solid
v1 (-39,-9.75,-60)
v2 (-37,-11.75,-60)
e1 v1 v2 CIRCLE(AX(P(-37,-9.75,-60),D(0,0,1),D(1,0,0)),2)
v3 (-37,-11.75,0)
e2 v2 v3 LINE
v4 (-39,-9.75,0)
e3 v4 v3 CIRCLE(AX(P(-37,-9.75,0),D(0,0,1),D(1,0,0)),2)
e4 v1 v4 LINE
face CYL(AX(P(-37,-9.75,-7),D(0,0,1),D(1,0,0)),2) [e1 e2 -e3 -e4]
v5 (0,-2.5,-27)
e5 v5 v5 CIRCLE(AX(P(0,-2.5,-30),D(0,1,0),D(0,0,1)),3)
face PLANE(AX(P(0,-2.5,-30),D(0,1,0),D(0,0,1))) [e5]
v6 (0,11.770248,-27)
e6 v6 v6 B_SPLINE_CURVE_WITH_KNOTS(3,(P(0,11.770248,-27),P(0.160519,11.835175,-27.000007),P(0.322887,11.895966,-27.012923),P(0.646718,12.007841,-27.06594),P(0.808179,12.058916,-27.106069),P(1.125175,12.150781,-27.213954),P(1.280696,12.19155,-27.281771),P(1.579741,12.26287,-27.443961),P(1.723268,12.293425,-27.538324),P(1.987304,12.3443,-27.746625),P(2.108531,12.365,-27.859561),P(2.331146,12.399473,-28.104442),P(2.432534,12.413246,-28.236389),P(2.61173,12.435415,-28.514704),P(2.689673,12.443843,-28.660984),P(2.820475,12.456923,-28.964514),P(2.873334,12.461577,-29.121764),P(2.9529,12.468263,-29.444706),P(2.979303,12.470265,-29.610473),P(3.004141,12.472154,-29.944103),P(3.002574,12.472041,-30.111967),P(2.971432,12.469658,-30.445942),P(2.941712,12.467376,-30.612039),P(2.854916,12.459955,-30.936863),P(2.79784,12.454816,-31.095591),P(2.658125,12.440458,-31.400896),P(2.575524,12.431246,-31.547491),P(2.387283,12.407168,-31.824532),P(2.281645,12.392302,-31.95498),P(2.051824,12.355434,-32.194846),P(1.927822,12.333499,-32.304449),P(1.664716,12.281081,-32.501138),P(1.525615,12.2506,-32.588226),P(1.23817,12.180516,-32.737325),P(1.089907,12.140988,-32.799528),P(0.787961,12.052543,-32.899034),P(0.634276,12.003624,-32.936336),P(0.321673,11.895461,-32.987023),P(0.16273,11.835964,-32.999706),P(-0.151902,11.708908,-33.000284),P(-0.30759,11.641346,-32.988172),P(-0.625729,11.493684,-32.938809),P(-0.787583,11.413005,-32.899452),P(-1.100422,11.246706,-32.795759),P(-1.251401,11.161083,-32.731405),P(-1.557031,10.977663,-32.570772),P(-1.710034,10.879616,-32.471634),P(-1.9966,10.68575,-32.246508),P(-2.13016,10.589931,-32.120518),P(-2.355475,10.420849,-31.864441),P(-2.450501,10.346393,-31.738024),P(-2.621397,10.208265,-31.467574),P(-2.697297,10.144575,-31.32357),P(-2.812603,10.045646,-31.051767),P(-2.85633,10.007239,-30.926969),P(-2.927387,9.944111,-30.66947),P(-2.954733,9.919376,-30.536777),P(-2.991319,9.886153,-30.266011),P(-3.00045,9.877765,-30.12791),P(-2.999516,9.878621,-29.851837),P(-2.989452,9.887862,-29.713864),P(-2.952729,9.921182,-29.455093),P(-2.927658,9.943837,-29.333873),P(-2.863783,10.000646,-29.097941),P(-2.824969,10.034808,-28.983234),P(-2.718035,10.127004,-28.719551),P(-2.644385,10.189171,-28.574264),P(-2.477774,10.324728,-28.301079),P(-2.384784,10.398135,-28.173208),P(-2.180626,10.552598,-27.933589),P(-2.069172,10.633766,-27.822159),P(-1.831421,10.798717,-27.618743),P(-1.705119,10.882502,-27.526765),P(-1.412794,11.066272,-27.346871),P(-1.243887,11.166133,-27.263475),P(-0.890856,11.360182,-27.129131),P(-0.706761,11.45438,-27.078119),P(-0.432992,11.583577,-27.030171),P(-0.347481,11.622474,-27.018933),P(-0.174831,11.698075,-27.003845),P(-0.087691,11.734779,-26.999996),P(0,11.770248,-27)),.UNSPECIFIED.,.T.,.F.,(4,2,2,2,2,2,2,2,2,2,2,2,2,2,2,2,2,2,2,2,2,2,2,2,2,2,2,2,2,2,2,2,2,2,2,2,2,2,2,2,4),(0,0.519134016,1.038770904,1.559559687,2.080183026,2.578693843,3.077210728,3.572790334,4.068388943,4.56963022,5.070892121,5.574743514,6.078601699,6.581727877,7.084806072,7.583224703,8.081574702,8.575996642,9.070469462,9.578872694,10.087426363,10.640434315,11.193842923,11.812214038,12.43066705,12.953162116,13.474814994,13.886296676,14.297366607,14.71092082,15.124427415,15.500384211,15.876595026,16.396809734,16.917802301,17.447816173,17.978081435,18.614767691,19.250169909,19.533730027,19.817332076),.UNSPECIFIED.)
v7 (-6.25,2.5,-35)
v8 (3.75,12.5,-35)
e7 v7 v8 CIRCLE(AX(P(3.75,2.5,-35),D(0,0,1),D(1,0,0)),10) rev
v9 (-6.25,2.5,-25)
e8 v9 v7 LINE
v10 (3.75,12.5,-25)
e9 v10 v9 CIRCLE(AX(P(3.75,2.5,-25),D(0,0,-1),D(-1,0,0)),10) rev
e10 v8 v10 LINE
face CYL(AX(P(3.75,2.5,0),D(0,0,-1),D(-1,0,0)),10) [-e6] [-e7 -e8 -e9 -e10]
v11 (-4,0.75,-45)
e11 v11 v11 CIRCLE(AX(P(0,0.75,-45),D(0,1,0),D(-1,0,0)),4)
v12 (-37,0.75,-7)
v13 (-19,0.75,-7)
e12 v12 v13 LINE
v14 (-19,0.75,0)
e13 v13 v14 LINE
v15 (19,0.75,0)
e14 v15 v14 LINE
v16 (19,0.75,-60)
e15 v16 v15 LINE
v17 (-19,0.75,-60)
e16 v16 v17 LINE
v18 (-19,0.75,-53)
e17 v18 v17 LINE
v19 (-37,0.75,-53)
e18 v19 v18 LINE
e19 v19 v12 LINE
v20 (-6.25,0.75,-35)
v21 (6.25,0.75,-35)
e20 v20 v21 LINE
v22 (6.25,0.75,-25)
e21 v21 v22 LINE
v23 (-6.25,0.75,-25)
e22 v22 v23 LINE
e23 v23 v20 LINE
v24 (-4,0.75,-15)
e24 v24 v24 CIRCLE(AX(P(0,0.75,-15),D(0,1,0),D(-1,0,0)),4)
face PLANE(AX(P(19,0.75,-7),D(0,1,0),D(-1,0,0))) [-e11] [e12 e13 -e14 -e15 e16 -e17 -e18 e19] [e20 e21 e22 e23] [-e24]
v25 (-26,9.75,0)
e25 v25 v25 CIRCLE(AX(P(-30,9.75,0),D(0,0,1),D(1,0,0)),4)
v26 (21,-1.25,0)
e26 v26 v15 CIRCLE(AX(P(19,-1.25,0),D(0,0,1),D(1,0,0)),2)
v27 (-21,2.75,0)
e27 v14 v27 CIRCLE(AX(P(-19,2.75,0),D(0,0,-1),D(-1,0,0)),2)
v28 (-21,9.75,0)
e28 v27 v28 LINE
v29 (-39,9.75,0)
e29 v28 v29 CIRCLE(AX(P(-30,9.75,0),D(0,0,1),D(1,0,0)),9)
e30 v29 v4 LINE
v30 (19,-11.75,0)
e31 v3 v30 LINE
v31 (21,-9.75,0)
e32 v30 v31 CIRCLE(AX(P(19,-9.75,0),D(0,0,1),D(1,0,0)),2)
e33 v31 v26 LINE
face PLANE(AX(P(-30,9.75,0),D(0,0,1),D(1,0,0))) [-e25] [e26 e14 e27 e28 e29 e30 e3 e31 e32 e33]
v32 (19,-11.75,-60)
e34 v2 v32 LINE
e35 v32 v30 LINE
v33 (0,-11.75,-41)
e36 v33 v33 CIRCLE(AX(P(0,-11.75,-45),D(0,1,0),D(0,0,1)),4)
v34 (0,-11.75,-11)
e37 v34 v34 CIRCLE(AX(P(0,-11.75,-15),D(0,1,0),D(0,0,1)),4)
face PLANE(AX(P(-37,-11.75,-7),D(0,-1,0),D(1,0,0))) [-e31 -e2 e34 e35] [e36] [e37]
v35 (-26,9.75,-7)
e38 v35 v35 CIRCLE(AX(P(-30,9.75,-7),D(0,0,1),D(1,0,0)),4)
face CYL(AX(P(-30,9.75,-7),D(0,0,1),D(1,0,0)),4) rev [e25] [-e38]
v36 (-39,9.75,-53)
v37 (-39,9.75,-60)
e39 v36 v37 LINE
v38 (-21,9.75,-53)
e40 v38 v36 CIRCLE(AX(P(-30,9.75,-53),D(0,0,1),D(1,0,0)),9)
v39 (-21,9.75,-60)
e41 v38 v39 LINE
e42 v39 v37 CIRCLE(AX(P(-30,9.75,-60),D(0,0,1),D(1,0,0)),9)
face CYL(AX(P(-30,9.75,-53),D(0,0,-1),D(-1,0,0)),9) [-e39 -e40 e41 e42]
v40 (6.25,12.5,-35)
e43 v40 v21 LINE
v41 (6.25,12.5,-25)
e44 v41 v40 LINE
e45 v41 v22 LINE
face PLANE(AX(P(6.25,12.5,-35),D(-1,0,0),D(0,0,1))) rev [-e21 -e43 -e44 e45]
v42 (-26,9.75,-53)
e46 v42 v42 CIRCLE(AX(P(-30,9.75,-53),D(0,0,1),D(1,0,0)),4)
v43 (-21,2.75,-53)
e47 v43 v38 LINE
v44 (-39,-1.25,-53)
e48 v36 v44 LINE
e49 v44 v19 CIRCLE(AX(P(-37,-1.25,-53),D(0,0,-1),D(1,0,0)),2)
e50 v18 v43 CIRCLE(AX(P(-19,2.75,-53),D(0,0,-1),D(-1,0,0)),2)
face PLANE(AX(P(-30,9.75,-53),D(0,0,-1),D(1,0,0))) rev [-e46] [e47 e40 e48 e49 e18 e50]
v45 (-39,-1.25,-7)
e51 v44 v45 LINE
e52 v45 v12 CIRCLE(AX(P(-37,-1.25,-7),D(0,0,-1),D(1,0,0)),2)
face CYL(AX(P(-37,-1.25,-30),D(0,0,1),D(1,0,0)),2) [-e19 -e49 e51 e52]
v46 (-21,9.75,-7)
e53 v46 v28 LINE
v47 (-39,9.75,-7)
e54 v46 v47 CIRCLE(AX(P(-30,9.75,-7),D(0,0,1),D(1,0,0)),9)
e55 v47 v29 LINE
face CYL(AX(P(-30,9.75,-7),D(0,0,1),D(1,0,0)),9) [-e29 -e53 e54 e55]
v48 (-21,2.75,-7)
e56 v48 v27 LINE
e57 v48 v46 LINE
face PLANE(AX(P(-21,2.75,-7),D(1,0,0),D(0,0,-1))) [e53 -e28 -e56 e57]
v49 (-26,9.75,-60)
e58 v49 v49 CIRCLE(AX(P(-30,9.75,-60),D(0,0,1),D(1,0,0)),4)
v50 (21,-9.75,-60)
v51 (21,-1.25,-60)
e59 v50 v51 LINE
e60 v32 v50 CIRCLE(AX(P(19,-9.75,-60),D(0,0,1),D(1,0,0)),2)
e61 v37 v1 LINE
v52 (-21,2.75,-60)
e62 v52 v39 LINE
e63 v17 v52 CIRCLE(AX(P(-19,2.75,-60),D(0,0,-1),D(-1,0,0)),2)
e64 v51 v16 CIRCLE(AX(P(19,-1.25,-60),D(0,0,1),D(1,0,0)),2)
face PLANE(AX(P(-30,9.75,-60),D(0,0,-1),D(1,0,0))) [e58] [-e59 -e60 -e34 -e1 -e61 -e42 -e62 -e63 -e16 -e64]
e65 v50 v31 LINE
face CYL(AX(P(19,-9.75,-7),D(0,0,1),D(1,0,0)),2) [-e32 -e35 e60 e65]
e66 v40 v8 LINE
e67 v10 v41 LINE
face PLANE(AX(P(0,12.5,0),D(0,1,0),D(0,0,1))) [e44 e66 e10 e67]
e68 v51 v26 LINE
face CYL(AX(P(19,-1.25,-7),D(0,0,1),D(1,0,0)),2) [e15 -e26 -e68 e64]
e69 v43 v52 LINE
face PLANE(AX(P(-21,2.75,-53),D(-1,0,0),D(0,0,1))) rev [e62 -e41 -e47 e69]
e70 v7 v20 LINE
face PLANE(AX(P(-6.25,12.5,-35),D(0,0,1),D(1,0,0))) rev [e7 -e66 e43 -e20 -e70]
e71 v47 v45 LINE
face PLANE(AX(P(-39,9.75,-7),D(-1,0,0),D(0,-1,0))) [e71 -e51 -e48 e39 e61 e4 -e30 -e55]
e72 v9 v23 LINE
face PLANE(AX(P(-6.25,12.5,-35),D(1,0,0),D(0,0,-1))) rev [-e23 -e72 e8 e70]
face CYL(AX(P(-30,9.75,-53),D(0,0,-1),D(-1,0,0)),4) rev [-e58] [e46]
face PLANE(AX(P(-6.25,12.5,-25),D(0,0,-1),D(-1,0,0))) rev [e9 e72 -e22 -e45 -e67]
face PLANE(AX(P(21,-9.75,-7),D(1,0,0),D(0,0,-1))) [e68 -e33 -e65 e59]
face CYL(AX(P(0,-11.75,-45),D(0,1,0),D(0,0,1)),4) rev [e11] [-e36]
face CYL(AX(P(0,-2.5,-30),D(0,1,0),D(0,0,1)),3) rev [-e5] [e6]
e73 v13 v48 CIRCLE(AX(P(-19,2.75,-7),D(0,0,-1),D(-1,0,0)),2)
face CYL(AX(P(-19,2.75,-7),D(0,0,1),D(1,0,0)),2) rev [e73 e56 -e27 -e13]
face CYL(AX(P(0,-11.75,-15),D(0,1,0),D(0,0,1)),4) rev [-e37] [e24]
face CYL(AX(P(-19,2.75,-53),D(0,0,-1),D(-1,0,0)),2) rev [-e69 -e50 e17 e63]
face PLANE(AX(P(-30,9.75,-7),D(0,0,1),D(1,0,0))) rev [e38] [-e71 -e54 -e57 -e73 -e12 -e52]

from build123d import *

# Parameters (mm, degrees)
SKETCH1_R               = 4
BOSS_EXTRUDE2_DEPTH     = 7
BOSS_EXTRUDE3_DEPTH     = 23
CUT_EXTRUDE1_DEPTH      = 74.976770002
CUT_EXTRUDE1_DEPTH_BACK = 74.976770002
SKETCH5_R               = 4
SKETCH6_W               = 12.5
SKETCH6_H               = 10
BOSS_EXTRUDE4_DEPTH     = 12.5
FILLET1_R               = 10
SKETCH8_R               = 3
CUT_EXTRUDE2_DEPTH      = 15


with BuildPart() as part:
    # Sketch1 → Boss-Extrude2 (new body)
    with BuildSketch(Plane.XY):
        with BuildLine():
            Line((-37, -11.75), (19, -11.75))
            ThreePointArc((19, -11.75), (20.414213562, -11.164213562), (21, -9.75))
            Line((21, -9.75), (21, -1.25))
            ThreePointArc((21, -1.25), (20.414213562, 0.164213562), (19, 0.75))
            Line((19, 0.75), (-19, 0.75))
            ThreePointArc((-19, 0.75), (-20.414213562, 1.335786438), (-21, 2.75))
            Line((-21, 2.75), (-21, 9.75))
            ThreePointArc((-21, 9.75), (-30, 18.75), (-39, 9.75))
            Line((-39, 9.75), (-39, -9.75))
            ThreePointArc((-39, -9.75), (-38.414213562, -11.164213562), (-37, -11.75))
        make_face()
        with Locations((-30, 9.75)):
            Circle(SKETCH1_R, mode=Mode.SUBTRACT)
    boss_extrude2 = extrude(amount=-BOSS_EXTRUDE2_DEPTH)

    # Sketch4 → Boss-Extrude3 (add)
    with BuildSketch(Plane(origin=(0, 0, -7), x_dir=(-1, 0, 0), z_dir=(0, 0, -1))):
        with BuildLine():
            Line((19, 0.75), (37, 0.75))
            ThreePointArc((37, 0.75), (38.414213562, 0.164213562), (39, -1.25))
            Line((39, -1.25), (39, -9.75))
            ThreePointArc((39, -9.75), (38.414213562, -11.164213562), (37, -11.75))
            Line((37, -11.75), (-19, -11.75))
            ThreePointArc((-19, -11.75), (-20.414213562, -11.164213562), (-21, -9.75))
            Line((-21, -9.75), (-21, -1.25))
            ThreePointArc((-21, -1.25), (-20.414213562, 0.164213562), (-19, 0.75))
            Line((-19, 0.75), (19, 0.75))
        make_face()
    boss_extrude3 = extrude(amount=BOSS_EXTRUDE3_DEPTH)

    # Mirror2: Boss-Extrude3 across plane
    add(boss_extrude3.mirror(Plane(origin=(0, 0, -30), x_dir=(1, 0, 0), z_dir=(0, 0, -1))))

    # Mirror3: Boss-Extrude2 across plane
    add(boss_extrude2.mirror(Plane(origin=(0, 0, -30), x_dir=(1, 0, 0), z_dir=(0, 0, -1))))

    # Sketch5 → Cut-Extrude1 (cut, two sides: drawn at the far end of the back side and taken through both)
    with BuildSketch(Plane(origin=(0, 0, 0), x_dir=(1, 0, 0), z_dir=(0, 1, 0)).offset(-CUT_EXTRUDE1_DEPTH_BACK)):
        with Locations(Location((0, 45, 0), (0, 0, 270))):
            Circle(SKETCH5_R)
        with Locations(Location((0, 15, 0), (0, 0, 270))):
            Circle(SKETCH5_R)
    extrude(amount=CUT_EXTRUDE1_DEPTH + CUT_EXTRUDE1_DEPTH_BACK, mode=Mode.SUBTRACT)

    # Sketch6 → Boss-Extrude4 (add)
    with BuildSketch(Plane(origin=(0, 0, 0), x_dir=(1, 0, 0), z_dir=(0, 1, 0))):
        with Locations((0, 30)):
            Rectangle(SKETCH6_W, SKETCH6_H)
    extrude(amount=BOSS_EXTRUDE4_DEPTH)

    # Fillet1
    fillet1_edges = [part.edges().sort_by_distance(p)[0] for p in [
        (-6.25, 12.5, -30),
    ]]
    fillet(fillet1_edges, radius=FILLET1_R)

    # Sketch8 → Cut-Extrude2 (cut)
    with BuildSketch(Plane(origin=(0, 12.5, 0), x_dir=(1, 0, 0), z_dir=(0, 1, 0))):
        with Locations(Location((0, 30, 0), (0, 0, 270))):
            Circle(SKETCH8_R)
    extrude(amount=-CUT_EXTRUDE2_DEPTH, mode=Mode.SUBTRACT)


solid = part.part
